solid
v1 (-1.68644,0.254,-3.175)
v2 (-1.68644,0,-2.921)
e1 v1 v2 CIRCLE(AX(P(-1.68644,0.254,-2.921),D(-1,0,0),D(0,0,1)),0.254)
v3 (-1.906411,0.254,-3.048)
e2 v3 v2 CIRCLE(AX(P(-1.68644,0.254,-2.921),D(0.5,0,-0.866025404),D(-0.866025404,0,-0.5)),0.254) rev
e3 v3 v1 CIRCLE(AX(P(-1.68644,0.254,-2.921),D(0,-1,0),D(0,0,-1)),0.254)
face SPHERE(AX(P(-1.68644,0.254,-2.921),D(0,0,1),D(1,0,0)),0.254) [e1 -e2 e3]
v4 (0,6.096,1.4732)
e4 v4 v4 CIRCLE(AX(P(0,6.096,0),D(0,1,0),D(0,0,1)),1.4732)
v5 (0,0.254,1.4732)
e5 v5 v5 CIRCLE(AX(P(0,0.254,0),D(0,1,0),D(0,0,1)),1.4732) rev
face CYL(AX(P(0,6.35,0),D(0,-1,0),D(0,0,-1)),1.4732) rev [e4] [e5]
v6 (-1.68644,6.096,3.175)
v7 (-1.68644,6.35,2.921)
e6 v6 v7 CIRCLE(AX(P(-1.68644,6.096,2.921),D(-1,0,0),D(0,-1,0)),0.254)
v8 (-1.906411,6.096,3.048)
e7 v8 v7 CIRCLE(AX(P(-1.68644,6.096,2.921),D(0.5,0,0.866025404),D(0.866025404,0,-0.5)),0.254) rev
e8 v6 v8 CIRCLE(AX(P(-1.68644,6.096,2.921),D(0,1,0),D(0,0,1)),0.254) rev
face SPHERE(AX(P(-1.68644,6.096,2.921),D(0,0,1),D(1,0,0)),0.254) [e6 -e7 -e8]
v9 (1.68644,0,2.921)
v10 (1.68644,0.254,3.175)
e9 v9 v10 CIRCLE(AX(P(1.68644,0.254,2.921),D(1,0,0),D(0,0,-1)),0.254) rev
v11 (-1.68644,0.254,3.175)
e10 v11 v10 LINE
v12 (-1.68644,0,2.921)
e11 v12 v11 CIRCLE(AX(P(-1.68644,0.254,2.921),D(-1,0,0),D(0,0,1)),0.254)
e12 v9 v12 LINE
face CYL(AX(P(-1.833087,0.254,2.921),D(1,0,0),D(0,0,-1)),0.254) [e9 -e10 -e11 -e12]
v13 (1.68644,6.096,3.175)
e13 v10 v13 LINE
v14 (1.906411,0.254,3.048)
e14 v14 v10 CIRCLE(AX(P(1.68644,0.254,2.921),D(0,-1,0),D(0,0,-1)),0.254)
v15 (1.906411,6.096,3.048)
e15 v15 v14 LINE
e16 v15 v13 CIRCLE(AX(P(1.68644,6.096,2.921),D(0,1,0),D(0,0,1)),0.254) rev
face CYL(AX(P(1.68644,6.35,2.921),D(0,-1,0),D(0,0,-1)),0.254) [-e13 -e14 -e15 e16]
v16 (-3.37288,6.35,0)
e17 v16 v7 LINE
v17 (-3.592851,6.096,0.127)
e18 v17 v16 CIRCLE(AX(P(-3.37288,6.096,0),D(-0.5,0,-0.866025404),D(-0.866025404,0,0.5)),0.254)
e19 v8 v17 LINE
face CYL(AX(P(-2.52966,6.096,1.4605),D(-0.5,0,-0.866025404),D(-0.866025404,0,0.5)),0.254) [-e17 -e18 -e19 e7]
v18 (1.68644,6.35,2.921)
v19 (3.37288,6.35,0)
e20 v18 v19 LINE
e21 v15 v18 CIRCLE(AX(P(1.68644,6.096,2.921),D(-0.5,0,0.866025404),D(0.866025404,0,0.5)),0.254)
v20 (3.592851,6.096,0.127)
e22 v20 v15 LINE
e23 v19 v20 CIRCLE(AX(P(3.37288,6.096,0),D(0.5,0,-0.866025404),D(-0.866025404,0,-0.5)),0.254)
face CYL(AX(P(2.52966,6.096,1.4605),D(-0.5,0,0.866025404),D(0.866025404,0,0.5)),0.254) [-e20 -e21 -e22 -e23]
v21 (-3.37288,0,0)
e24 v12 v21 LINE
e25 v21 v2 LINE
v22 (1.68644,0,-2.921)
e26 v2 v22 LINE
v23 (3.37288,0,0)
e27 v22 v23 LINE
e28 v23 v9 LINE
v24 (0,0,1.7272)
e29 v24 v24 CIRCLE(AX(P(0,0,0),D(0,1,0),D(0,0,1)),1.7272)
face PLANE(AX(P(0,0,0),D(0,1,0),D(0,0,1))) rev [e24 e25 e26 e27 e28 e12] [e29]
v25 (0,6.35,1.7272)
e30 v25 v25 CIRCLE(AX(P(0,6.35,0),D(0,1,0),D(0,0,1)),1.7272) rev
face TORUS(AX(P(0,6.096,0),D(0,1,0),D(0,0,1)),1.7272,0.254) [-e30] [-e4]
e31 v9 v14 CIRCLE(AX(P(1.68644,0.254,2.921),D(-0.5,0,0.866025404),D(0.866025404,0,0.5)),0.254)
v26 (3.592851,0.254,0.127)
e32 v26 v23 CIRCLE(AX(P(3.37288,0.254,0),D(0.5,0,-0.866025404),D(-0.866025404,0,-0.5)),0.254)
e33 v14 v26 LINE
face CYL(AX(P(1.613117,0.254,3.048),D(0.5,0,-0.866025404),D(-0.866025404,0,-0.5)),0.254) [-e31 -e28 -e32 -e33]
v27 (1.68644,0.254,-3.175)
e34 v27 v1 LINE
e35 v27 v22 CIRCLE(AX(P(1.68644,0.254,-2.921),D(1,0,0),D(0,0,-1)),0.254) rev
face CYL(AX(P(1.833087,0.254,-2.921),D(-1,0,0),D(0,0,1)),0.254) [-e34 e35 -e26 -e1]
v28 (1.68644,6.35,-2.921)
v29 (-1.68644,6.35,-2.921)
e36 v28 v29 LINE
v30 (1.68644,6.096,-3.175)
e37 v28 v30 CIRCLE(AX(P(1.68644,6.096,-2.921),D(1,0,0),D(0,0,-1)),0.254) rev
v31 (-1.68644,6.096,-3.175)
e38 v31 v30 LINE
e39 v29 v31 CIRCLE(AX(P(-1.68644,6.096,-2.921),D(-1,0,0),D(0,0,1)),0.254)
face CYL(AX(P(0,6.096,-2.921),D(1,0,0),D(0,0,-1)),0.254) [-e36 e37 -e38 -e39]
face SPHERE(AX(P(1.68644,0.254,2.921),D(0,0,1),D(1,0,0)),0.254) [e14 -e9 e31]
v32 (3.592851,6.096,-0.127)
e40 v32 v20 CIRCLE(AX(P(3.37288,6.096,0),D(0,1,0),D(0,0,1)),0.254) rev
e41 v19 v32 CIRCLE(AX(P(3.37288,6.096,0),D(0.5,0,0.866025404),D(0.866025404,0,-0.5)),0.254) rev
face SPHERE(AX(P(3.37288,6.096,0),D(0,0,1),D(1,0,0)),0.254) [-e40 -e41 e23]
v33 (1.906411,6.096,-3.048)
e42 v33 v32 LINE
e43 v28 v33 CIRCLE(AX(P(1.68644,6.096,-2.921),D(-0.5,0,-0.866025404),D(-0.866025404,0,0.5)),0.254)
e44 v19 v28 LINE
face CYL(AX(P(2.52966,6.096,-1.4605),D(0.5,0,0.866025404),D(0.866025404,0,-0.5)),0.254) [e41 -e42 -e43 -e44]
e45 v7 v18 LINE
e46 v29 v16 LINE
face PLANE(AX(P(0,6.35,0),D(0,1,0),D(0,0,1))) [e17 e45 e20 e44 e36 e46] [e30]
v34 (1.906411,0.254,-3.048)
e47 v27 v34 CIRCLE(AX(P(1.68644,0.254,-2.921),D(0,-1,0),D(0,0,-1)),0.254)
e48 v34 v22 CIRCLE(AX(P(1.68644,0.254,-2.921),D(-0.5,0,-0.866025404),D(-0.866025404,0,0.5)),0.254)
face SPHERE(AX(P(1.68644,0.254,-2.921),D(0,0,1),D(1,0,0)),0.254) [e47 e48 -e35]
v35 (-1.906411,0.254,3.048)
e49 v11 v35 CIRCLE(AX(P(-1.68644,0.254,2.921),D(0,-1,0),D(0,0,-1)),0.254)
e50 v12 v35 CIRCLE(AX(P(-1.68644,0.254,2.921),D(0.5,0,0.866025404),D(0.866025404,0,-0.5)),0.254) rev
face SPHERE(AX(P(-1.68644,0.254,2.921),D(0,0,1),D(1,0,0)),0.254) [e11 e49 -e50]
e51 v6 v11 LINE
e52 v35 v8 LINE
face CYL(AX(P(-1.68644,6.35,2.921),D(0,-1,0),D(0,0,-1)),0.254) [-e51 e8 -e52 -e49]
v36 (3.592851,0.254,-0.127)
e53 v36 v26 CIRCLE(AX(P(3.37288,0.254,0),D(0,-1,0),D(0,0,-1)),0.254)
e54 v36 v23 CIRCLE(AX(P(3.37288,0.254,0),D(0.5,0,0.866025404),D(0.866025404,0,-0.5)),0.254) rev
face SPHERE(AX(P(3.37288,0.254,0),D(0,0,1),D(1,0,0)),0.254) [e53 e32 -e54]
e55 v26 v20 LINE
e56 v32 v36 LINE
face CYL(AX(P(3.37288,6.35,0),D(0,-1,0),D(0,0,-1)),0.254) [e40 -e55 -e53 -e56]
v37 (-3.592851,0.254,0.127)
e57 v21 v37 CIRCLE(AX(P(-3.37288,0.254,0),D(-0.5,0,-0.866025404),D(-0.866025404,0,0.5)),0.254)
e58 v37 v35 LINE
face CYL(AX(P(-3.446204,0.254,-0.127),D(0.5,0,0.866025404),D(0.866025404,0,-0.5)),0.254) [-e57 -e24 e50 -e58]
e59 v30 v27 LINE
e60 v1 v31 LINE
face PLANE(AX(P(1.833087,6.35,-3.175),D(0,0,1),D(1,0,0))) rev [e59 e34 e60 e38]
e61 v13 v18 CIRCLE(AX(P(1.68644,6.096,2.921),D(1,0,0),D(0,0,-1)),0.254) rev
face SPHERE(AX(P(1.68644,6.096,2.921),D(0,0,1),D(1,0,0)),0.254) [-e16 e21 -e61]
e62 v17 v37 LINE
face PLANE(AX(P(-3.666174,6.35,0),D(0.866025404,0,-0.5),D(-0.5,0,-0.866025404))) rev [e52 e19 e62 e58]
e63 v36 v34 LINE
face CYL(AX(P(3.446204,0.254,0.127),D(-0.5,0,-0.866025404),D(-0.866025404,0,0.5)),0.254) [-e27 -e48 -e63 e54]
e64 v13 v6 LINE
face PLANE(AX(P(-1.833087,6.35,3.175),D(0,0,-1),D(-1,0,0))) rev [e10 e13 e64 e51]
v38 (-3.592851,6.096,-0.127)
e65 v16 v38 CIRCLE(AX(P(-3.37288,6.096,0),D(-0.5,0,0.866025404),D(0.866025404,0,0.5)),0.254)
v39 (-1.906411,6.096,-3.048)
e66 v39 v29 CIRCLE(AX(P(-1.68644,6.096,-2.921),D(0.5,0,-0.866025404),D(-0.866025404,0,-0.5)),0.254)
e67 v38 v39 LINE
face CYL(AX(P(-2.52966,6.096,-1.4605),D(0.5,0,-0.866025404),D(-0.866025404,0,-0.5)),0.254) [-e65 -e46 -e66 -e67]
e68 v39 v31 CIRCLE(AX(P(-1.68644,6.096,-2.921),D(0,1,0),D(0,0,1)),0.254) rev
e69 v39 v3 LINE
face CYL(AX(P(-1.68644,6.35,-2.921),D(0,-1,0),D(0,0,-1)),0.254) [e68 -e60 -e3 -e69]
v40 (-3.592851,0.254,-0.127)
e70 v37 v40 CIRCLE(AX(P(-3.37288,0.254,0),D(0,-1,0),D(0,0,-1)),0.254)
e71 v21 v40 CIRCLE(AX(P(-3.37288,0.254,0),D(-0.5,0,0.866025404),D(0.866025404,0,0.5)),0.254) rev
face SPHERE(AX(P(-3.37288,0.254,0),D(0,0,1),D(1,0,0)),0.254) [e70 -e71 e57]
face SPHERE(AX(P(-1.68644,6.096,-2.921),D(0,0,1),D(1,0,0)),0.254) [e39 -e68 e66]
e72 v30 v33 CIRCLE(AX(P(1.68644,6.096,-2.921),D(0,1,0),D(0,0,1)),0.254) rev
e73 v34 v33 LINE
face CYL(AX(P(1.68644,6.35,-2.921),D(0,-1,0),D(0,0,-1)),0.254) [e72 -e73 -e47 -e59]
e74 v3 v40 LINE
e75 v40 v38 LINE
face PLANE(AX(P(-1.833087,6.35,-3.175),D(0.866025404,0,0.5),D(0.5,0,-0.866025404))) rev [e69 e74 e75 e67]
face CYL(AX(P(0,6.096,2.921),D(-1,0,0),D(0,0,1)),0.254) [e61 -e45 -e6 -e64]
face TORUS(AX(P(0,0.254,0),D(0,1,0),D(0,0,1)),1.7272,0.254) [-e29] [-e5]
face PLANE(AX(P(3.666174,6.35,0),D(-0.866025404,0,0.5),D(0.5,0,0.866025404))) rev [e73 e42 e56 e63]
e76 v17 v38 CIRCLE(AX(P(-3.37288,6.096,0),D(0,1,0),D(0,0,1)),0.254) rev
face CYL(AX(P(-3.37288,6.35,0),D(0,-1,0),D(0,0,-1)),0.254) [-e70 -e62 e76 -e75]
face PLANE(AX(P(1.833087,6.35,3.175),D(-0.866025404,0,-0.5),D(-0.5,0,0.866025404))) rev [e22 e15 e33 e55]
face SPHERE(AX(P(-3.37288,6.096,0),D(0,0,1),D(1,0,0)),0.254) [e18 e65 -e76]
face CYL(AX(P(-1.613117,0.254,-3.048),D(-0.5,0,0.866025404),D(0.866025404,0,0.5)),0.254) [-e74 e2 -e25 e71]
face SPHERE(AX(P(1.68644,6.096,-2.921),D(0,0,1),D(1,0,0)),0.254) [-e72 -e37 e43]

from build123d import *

# Parameters (mm, degrees)
SKETCH1_R           = 1.4732
BOSS_EXTRUDE1_DEPTH = 6.35
FILLET1_R           = 0.254


with BuildPart() as part:
    # Sketch1 → Boss-Extrude1 (new body)
    with BuildSketch(Plane(origin=(0, 0, 0), x_dir=(1, 0, 0), z_dir=(0, 1, 0))):
        Polygon((1.833087105, -3.175), (3.666174209, 0), (1.833087105, 3.175), (-1.833087105, 3.175), (-3.666174209, 0), (-1.833087105, -3.175), align=None)
        Circle(SKETCH1_R, mode=Mode.SUBTRACT)
    extrude(amount=BOSS_EXTRUDE1_DEPTH)

    # Fillet1
    fillet1_edges = [part.edges().sort_by_distance(p)[0] for p in [
        (2.749630657, 6.35, -1.5875),
        (-1.833087105, 3.175, 3.175),
        (-3.666174209, 3.175, 0),
        (-1.833087105, 3.175, -3.175),
        (1.833087105, 3.175, -3.175),
        (3.666174209, 3.175, 0),
        (1.833087105, 3.175, 3.175),
        (0, 6.35, -3.175),
        (-2.749630657, 6.35, -1.5875),
        (-1.4732, 0, 0),
        (-1.4732, 6.35, 0),
        (-2.749630657, 6.35, 1.5875),
        (0, 6.35, 3.175),
        (-2.749630657, 0, 1.5875),
        (-2.749630657, 0, -1.5875),
        (0, 0, -3.175),
        (2.749630657, 6.35, 1.5875),
        (2.749630657, 0, -1.5875),
        (2.749630657, 0, 1.5875),
        (0, 0, 3.175),
    ]]
    fillet(fillet1_edges, radius=FILLET1_R)


solid = part.part
